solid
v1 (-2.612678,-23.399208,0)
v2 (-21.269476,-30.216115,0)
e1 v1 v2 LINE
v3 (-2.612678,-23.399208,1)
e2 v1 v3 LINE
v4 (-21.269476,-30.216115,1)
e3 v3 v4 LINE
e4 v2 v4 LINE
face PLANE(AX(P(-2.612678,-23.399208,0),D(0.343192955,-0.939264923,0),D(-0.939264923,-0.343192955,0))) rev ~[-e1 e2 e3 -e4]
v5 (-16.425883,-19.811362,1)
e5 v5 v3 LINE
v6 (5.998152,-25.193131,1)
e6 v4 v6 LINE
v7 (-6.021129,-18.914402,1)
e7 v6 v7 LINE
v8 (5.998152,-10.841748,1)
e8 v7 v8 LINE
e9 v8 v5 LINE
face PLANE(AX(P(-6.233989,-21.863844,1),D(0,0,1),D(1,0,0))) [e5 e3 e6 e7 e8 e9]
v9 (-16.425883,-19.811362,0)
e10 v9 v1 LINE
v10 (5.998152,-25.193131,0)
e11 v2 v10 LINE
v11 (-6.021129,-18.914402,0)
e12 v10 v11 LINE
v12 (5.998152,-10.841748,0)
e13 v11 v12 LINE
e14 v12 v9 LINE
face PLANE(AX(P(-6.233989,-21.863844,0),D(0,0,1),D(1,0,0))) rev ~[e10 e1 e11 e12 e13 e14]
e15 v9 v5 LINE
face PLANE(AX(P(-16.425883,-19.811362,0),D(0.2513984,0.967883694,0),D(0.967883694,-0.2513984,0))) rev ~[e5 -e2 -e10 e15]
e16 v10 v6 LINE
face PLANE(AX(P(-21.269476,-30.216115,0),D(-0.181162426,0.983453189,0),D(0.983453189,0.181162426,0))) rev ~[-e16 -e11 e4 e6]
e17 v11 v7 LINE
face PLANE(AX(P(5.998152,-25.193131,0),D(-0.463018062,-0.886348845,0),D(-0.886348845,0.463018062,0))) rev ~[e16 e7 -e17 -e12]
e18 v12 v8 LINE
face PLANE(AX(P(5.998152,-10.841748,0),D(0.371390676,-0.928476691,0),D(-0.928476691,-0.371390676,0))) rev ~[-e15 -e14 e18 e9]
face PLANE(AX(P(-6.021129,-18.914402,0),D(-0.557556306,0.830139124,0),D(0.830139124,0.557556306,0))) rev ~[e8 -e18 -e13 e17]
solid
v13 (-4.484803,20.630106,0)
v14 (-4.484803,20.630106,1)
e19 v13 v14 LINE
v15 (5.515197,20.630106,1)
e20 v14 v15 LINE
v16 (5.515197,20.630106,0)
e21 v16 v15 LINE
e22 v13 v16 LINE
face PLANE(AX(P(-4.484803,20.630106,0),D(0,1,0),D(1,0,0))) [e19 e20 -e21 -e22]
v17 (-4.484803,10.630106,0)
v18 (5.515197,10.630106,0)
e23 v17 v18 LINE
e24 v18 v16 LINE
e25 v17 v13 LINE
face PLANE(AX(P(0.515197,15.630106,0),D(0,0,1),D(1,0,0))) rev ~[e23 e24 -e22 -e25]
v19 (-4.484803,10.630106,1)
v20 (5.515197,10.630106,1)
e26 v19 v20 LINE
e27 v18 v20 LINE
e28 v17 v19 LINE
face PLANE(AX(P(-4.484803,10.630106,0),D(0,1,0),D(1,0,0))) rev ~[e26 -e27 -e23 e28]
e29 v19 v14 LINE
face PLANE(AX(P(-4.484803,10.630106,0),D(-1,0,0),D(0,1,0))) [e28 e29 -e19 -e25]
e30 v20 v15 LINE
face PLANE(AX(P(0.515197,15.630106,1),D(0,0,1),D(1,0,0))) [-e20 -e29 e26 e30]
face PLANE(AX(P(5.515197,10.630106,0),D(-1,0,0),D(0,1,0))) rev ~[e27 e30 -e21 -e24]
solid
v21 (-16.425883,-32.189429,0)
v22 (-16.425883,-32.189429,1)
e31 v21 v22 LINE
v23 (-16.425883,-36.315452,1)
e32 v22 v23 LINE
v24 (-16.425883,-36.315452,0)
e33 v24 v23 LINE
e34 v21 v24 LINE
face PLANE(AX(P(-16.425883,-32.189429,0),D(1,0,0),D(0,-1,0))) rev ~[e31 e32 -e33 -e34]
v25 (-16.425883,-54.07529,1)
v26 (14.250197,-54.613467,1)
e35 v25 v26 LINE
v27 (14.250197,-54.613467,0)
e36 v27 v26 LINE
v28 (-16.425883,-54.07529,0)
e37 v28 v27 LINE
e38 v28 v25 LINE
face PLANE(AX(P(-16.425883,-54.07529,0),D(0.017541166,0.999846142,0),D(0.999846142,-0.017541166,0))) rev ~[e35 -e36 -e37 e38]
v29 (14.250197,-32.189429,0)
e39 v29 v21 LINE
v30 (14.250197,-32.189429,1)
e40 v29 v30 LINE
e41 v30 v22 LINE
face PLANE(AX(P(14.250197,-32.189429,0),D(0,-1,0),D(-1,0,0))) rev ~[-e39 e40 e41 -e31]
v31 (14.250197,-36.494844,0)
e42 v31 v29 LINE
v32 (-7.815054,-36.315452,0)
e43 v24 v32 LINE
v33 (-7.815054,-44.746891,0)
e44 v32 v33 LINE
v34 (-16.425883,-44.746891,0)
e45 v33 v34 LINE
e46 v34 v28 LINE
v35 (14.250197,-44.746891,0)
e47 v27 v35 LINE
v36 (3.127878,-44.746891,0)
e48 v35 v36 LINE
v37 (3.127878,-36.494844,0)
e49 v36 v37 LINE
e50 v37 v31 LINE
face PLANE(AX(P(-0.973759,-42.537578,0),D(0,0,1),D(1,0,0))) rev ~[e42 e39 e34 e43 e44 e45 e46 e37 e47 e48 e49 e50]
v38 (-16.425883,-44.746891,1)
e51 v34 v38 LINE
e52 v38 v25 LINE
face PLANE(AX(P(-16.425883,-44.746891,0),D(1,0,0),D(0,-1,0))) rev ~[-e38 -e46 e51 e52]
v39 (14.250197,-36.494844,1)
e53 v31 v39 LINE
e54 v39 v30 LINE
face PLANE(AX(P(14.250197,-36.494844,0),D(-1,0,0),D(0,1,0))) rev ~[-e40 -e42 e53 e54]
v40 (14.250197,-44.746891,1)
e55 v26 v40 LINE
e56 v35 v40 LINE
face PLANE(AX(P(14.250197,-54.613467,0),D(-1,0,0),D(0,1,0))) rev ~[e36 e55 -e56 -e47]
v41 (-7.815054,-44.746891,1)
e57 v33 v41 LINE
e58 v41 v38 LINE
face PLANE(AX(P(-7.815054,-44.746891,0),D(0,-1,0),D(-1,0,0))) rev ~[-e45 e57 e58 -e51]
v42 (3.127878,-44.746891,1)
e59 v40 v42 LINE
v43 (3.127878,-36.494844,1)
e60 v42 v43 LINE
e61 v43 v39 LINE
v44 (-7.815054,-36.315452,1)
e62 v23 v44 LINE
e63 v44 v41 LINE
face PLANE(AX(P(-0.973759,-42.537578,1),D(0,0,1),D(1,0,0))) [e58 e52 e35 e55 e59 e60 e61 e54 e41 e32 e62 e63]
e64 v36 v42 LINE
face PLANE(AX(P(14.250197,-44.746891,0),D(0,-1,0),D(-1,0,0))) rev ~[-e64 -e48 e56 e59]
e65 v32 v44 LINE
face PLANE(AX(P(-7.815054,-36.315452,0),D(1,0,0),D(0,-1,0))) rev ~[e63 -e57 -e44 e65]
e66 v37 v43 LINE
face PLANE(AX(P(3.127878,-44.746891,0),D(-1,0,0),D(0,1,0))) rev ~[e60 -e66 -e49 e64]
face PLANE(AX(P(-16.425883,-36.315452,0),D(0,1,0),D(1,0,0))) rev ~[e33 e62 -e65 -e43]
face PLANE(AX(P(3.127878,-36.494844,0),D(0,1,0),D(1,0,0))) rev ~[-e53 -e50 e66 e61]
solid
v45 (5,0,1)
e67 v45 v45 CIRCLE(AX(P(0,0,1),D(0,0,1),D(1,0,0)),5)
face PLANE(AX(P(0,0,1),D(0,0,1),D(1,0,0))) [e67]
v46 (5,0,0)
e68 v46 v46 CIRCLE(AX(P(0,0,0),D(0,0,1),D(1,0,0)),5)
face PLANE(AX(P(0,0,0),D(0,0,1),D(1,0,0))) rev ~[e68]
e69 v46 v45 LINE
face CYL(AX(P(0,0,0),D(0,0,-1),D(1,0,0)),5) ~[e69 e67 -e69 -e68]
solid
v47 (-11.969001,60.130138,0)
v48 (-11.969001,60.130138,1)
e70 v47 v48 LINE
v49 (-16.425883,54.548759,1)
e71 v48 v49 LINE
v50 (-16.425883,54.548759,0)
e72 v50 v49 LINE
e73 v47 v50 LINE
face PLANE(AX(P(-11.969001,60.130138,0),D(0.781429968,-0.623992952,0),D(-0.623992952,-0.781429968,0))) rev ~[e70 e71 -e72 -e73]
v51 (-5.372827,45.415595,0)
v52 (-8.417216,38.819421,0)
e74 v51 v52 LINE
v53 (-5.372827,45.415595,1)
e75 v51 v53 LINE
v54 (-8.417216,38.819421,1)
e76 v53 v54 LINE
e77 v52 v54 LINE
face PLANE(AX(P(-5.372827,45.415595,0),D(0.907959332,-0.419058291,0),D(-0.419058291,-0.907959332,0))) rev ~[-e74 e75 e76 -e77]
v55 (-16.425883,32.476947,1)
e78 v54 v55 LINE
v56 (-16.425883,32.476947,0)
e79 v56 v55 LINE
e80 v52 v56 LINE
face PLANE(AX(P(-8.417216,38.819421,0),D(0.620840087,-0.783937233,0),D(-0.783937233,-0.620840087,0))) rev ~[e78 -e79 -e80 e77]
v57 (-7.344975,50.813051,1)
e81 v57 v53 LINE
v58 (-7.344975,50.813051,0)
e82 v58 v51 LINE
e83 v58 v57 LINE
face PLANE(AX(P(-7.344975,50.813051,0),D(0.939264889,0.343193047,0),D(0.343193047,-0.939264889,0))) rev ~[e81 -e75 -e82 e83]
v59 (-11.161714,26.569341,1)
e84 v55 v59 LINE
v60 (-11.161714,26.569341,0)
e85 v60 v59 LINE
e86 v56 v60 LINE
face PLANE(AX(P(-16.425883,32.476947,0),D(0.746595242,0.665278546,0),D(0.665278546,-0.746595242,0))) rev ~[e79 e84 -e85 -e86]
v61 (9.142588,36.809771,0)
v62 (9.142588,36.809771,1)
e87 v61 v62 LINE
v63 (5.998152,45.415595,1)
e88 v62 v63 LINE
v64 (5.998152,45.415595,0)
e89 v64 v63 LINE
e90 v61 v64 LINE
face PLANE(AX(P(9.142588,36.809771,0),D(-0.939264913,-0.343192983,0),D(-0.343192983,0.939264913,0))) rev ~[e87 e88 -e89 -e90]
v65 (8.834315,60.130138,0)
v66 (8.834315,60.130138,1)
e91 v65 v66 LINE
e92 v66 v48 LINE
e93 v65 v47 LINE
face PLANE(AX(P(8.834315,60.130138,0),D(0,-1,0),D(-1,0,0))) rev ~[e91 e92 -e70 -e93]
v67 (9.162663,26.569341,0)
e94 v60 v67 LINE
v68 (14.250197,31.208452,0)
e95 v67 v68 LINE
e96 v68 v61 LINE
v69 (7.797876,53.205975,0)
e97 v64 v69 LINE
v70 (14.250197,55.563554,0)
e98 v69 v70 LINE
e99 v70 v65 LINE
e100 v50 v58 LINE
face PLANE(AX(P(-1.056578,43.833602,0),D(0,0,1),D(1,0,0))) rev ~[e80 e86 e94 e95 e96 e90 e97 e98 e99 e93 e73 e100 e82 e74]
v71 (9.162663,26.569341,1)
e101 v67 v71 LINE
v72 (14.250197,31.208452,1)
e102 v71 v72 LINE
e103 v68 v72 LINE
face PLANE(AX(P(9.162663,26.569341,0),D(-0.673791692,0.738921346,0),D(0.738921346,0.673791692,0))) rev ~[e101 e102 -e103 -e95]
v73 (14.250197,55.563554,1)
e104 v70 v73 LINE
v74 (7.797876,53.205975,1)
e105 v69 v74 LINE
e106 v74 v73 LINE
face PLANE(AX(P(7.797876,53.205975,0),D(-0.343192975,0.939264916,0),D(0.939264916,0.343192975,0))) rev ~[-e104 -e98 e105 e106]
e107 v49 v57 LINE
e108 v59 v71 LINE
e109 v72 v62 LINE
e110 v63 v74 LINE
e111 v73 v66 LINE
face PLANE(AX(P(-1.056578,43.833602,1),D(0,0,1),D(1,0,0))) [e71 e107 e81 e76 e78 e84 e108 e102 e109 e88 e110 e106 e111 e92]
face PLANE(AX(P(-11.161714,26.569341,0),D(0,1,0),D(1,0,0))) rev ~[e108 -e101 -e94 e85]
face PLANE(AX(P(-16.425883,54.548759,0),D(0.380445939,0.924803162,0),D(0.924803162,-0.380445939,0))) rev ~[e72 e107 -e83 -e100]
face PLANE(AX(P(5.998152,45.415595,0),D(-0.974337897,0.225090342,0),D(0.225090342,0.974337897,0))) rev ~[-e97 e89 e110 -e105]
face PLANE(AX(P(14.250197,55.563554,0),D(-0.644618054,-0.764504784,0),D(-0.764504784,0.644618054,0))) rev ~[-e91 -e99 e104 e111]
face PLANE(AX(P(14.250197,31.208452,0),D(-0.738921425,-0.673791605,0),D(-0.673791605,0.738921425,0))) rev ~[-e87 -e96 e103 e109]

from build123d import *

# Parameters (mm, degrees)
F0_W     = 10
F0_H     = 10
F0_R     = 5
F1_DEPTH = 1


with BuildPart() as f1:
    # F0 (on Top) → F1 (new body)
    with BuildSketch(Plane.XY):
        with Locations((0.515197, 15.630106)):
            Rectangle(F0_W, F0_H)
        Circle(F0_R)
        Polygon((5.998152, -10.841748), (-16.425883, -19.811362), (-2.612678, -23.399208), (-21.269476, -30.216115), (5.998152, -25.193131), (-6.021129, -18.914402), align=None)
        Polygon((-16.425883, -44.746891), (-16.425883, -54.07529), (14.250197, -54.613467), (14.250197, -44.746891), (3.127878, -44.746891), (3.127878, -36.494844), (14.250197, -36.494844), (14.250197, -32.189429), (-16.425883, -32.189429), (-16.425883, -36.315452), (-7.815054, -36.315452), (-7.815054, -44.746891), align=None)
        Polygon((-8.417216, 38.819421), (-16.425883, 32.476947), (-11.161714, 26.569341), (9.162663, 26.569341), (14.250197, 31.208452), (9.142588, 36.809771), (5.998152, 45.415595), (7.797876, 53.205975), (14.250197, 55.563554), (8.834315, 60.130138), (-11.969001, 60.130138), (-16.425883, 54.548759), (-7.344975, 50.813051), (-5.372827, 45.415595), align=None)
    extrude(amount=F1_DEPTH)


solid = f1.part
